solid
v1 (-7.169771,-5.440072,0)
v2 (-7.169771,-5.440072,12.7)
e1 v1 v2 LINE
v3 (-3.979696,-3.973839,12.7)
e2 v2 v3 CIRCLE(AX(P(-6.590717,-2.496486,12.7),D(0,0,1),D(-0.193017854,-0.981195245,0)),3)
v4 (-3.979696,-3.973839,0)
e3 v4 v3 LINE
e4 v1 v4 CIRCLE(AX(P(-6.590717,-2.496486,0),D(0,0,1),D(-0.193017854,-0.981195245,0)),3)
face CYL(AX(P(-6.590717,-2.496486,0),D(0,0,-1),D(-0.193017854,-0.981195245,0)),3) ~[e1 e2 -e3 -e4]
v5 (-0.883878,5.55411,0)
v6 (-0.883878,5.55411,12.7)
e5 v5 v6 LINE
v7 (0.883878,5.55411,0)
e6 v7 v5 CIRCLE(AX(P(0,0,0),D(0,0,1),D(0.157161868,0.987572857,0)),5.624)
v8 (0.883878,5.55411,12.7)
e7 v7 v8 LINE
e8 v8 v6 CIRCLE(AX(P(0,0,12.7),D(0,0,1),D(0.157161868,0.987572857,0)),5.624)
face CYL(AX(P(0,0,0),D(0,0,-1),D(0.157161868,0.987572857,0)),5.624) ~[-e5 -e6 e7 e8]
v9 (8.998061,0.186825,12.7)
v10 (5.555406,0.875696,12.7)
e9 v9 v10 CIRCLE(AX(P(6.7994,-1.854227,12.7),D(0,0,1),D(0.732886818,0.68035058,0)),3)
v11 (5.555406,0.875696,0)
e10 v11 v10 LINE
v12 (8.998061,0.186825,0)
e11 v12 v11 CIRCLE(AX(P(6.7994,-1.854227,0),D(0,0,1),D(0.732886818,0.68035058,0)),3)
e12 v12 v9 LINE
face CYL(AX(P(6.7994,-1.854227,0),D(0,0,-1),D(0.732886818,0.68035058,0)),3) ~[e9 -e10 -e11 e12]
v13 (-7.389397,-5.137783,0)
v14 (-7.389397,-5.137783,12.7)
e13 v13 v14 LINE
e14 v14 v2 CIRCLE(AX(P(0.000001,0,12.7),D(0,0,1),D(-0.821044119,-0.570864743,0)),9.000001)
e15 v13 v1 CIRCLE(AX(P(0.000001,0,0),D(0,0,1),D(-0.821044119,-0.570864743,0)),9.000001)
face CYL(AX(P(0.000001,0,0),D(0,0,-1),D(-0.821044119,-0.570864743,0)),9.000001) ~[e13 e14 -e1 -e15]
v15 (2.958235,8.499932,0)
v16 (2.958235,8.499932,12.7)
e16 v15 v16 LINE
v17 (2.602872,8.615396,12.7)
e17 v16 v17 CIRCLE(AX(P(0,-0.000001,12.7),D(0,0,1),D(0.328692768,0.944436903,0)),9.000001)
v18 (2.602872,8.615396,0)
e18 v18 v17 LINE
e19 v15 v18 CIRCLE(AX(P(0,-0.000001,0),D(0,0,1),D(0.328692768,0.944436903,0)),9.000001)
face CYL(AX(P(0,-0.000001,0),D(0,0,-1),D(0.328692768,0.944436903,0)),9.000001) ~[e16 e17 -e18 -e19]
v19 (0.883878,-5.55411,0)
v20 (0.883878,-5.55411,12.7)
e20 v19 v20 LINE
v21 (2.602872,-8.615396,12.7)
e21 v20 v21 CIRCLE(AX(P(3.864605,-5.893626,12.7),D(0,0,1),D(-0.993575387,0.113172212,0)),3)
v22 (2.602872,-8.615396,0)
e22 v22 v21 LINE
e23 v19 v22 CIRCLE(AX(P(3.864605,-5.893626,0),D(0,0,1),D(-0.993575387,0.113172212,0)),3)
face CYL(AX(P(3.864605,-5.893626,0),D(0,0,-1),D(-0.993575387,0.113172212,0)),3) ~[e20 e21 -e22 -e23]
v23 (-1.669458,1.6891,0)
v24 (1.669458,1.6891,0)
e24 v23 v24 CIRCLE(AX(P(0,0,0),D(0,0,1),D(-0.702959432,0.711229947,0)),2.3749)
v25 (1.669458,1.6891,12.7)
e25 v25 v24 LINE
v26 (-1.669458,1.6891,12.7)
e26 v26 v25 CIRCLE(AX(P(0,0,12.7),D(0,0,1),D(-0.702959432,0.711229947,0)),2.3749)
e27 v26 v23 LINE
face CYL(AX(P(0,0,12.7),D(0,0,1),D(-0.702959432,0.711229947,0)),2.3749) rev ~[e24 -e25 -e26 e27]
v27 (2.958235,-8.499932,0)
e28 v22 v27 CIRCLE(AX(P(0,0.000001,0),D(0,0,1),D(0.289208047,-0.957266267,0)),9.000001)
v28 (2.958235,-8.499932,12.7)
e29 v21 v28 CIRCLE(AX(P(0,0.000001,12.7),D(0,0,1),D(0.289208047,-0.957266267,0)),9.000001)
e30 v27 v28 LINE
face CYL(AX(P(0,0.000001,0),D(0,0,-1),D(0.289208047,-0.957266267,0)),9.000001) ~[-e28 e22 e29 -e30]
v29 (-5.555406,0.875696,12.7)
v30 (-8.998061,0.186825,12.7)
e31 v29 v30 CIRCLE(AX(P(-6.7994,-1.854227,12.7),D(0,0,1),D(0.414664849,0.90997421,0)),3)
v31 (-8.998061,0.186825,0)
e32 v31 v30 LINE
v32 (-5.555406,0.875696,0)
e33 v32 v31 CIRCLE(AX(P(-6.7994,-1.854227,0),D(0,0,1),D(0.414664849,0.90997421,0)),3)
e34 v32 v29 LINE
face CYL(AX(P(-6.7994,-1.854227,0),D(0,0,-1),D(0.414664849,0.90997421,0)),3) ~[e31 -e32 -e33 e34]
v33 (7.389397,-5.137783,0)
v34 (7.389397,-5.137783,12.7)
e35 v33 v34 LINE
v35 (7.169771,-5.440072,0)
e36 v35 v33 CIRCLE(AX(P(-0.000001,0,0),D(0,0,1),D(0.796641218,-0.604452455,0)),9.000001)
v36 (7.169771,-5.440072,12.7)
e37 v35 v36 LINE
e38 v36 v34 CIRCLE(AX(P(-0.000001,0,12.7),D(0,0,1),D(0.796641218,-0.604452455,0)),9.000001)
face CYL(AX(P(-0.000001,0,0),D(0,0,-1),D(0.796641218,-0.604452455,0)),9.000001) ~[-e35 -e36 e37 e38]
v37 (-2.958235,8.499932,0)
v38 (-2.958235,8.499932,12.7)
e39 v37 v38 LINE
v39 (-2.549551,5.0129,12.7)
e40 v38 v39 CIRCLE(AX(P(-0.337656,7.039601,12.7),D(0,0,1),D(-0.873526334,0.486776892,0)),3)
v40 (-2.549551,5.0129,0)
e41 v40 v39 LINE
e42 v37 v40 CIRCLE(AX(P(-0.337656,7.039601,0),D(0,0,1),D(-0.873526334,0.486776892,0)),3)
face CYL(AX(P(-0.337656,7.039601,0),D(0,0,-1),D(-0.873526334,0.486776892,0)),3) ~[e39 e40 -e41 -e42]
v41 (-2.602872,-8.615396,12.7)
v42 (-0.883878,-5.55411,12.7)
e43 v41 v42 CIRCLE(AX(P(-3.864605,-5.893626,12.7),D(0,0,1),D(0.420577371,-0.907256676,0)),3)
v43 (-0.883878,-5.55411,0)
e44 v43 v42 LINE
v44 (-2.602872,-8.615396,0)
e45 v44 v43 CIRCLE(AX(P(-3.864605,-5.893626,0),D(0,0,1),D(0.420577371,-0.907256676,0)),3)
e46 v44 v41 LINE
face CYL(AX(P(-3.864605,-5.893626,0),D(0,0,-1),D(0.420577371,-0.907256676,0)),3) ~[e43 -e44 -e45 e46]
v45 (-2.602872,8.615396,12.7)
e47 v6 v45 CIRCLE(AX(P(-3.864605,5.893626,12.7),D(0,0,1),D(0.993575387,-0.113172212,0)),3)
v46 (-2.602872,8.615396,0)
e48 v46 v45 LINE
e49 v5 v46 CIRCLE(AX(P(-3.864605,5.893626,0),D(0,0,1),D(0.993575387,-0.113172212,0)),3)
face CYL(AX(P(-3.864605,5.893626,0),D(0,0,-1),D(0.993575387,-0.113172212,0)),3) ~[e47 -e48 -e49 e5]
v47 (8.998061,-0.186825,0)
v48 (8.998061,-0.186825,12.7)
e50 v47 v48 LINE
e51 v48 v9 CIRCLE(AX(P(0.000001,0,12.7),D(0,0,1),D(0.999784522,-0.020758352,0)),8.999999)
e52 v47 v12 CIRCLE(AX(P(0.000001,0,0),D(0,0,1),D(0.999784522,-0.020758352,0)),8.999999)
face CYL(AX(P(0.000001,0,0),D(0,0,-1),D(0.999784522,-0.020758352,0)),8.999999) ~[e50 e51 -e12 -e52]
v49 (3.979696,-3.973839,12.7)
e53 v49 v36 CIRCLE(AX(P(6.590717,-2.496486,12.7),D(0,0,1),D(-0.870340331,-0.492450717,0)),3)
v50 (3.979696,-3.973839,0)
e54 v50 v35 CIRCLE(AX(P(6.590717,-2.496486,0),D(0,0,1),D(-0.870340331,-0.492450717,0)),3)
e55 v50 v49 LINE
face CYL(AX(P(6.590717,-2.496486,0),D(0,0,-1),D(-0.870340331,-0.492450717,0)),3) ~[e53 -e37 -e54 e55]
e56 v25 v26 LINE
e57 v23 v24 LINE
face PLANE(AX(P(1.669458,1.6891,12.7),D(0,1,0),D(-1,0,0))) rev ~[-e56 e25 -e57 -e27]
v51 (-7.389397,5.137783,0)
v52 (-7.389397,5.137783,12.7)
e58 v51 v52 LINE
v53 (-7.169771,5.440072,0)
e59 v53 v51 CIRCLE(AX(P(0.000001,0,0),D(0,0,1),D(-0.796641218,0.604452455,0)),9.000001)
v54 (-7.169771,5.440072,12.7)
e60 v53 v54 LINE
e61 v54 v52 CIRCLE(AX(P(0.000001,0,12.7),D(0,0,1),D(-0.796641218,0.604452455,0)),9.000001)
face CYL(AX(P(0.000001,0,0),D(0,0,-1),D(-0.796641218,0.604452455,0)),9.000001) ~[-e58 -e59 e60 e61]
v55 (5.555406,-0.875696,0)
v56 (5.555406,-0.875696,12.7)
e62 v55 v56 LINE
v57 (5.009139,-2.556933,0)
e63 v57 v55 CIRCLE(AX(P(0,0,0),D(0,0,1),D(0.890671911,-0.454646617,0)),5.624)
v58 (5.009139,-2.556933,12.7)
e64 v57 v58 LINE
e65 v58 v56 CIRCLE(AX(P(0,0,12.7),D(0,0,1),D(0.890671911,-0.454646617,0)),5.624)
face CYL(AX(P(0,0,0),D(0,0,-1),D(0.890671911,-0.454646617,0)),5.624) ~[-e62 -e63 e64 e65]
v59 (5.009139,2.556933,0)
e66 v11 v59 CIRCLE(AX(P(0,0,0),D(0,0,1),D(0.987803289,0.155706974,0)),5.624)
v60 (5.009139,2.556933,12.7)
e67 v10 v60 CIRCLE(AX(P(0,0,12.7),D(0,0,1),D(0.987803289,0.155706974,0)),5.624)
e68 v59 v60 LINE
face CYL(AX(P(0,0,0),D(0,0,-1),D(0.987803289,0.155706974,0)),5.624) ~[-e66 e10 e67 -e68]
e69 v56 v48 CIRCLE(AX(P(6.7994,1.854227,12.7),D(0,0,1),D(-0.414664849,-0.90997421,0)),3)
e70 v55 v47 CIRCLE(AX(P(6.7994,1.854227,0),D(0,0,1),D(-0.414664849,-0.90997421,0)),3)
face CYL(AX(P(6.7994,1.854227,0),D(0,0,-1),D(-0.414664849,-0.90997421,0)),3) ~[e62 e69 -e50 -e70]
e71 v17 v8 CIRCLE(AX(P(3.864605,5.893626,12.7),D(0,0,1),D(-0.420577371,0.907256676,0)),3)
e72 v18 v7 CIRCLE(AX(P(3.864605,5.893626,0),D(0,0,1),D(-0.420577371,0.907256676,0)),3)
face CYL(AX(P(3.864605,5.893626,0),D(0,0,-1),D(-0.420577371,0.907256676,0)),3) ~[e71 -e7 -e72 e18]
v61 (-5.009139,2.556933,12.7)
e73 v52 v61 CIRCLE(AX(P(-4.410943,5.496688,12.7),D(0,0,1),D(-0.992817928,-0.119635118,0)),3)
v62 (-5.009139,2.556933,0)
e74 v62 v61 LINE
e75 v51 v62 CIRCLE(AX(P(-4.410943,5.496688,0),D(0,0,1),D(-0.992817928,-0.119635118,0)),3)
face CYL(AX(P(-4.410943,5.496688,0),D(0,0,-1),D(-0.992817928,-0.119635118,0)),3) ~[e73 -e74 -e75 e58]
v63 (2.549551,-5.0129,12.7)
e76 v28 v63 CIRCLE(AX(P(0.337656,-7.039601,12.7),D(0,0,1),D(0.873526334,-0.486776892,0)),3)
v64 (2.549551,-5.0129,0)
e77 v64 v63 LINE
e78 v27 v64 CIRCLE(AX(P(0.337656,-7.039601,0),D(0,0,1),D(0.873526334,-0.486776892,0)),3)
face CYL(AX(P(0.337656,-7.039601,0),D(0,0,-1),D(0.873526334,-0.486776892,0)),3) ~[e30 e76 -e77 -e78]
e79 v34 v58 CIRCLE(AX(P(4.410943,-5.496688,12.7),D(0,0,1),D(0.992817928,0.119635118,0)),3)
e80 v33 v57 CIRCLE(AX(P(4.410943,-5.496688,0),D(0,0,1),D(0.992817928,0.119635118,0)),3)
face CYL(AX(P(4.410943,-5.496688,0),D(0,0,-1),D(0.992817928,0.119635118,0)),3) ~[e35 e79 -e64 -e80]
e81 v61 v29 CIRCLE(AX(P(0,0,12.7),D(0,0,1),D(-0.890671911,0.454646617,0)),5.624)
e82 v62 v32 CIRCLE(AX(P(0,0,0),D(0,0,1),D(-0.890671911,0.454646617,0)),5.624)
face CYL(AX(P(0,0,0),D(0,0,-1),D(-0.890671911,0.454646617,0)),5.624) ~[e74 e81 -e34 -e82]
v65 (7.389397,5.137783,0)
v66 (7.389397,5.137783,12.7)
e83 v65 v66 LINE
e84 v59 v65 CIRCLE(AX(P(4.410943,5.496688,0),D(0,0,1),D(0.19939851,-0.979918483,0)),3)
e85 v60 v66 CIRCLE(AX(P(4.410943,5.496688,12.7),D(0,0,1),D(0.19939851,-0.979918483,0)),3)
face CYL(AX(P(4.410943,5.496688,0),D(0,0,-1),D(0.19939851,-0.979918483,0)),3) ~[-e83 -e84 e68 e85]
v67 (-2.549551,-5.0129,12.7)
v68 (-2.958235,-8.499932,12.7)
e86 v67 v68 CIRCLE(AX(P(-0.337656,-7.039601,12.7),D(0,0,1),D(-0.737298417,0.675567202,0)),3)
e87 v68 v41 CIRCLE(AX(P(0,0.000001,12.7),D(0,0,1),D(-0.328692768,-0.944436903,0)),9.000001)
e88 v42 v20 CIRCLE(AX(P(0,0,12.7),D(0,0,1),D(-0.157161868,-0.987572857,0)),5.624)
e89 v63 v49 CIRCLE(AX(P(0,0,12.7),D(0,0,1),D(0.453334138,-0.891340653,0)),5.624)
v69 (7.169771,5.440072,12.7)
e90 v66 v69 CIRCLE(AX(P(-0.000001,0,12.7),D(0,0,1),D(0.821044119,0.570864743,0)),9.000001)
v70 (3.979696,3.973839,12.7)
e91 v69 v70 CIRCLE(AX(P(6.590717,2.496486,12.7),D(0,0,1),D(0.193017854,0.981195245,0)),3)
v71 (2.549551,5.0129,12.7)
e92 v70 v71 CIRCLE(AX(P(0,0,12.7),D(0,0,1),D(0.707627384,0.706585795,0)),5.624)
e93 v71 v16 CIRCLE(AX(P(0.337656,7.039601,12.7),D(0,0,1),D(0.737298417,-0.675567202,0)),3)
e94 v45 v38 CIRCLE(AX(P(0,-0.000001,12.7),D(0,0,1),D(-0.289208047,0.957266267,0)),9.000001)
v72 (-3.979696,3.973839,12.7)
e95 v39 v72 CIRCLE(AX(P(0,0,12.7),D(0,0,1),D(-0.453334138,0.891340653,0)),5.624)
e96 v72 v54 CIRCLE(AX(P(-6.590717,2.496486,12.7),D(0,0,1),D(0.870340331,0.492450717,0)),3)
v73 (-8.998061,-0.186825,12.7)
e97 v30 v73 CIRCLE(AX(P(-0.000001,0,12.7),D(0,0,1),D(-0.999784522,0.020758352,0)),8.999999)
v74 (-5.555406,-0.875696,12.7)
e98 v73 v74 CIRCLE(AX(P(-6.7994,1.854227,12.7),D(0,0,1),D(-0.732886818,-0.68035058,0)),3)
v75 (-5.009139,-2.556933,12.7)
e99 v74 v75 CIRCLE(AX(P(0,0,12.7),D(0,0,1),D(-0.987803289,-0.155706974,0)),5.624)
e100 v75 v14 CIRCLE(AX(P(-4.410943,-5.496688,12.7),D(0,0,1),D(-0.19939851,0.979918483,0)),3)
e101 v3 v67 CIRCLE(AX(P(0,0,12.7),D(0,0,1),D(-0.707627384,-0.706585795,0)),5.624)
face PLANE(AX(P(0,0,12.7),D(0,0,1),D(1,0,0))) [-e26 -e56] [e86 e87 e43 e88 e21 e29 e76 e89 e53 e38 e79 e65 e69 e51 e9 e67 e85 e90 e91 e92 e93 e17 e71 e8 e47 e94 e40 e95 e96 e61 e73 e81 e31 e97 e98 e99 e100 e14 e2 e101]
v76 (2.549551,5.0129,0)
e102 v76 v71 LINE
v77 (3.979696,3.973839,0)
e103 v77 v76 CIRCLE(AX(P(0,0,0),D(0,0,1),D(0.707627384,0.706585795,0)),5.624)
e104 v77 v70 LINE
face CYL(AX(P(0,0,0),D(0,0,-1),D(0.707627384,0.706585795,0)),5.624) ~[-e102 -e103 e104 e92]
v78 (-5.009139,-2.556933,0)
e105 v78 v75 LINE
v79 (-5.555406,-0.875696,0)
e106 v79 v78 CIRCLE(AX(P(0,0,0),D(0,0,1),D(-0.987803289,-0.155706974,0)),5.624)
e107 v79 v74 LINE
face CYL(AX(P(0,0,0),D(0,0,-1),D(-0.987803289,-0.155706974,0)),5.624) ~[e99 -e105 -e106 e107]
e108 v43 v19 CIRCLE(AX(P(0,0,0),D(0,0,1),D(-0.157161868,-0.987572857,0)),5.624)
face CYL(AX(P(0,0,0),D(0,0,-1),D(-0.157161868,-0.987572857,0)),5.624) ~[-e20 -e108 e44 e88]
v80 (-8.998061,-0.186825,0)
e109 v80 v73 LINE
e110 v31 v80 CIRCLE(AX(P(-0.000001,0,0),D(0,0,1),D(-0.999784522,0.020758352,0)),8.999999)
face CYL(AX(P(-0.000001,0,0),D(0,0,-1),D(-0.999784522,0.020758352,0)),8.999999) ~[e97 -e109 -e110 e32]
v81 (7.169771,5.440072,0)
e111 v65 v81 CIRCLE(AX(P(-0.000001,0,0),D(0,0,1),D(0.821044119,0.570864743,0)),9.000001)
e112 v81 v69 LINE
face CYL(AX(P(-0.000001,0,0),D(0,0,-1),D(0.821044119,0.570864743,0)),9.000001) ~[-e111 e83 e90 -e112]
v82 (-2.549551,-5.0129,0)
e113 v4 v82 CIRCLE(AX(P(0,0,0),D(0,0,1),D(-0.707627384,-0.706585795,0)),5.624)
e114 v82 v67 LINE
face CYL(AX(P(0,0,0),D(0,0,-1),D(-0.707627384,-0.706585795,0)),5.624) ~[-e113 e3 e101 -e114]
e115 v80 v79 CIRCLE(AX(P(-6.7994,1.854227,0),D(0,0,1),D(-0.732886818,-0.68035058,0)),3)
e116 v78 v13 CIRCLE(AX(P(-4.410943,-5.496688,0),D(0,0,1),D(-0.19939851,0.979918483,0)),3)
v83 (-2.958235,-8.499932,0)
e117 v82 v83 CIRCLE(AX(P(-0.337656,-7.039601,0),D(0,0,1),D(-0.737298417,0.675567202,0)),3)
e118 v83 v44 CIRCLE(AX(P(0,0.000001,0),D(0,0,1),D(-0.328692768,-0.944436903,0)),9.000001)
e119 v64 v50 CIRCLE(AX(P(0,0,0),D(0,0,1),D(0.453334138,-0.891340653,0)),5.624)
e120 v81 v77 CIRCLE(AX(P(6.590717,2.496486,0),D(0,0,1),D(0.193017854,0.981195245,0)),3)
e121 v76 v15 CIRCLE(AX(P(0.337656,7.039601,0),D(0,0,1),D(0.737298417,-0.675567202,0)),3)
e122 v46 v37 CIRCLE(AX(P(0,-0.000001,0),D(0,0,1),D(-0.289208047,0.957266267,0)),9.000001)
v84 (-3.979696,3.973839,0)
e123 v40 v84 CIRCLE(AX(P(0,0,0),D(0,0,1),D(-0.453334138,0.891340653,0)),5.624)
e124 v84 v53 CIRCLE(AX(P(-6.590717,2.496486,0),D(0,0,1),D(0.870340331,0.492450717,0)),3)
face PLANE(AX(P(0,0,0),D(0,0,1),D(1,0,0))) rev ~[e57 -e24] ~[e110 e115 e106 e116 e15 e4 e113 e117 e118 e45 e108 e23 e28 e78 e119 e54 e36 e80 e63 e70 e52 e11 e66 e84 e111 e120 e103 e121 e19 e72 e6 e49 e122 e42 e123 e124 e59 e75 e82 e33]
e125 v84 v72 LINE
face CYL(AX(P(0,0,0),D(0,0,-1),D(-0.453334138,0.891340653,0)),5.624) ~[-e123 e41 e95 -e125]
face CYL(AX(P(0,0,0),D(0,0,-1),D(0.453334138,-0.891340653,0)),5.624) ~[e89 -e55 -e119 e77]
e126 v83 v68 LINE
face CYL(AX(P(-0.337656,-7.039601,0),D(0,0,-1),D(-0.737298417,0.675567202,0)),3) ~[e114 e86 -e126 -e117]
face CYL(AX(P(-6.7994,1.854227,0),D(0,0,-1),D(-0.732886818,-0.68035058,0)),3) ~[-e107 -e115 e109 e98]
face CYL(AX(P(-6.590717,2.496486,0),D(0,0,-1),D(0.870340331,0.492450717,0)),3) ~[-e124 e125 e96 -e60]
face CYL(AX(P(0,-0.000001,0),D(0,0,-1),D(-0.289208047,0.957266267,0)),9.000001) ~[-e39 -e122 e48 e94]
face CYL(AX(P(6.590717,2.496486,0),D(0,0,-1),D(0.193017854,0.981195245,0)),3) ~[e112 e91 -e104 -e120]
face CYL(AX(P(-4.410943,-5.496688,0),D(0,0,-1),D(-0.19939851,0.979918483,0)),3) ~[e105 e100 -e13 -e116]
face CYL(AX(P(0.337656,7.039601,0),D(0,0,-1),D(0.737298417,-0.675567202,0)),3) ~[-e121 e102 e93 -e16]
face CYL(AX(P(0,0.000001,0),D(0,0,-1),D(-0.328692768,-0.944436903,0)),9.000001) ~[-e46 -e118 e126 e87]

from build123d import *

# Parameters (mm, degrees)
BOSS_EXTRUDE1_DEPTH = 12.7
CUT_EXTRUDE1_REACH  = 19.791


with BuildPart() as part:
    # Sketch1 → Boss-Extrude1 (new body)
    with BuildSketch(Plane.XY):
        with BuildLine():
            ThreePointArc((-7.16977096, 5.440072093), (-7.281152949, 5.290067271), (-7.389397086, 5.137782665))
            ThreePointArc((-7.389397086, 5.137782665), (-6.616232826, 3.46280058), (-5.009138832, 2.556932568))
            ThreePointArc((-5.009138832, 2.556932568), (-5.348741848, 1.737911576), (-5.555405697, 0.875696031))
            ThreePointArc((-5.555405697, 0.875696031), (-7.388027907, 1.087459563), (-8.9980607, 0.186825141))
            ThreePointArc((-8.9980607, 0.186825141), (-9, 0), (-8.9980607, -0.186825141))
            ThreePointArc((-8.9980607, -0.186825141), (-7.388027907, -1.087459563), (-5.555405697, -0.875696031))
            ThreePointArc((-5.555405697, -0.875696031), (-5.348741848, -1.737911576), (-5.009138832, -2.556932568))
            ThreePointArc((-5.009138832, -2.556932568), (-6.616232826, -3.46280058), (-7.389397086, -5.137782665))
            ThreePointArc((-7.389397086, -5.137782665), (-7.281152949, -5.290067271), (-7.16977096, -5.440072093))
            ThreePointArc((-7.16977096, -5.440072093), (-5.337847438, -5.222347115), (-3.979696407, -3.97383851))
            ThreePointArc((-3.979696407, -3.97383851), (-3.305704259, -4.549911576), (-2.549551188, -5.012899834))
            ThreePointArc((-2.549551188, -5.012899834), (-3.317261682, -6.690388598), (-2.958234941, -8.49993212))
            ThreePointArc((-2.958234941, -8.49993212), (-2.781152949, -8.559508647), (-2.602872405, -8.615396407))
            ThreePointArc((-2.602872405, -8.615396407), (-1.248790674, -7.362475569), (-0.883878355, -5.554109745))
            ThreePointArc((-0.883878355, -5.554109745), (0, -5.624), (0.883878355, -5.554109745))
            ThreePointArc((0.883878355, -5.554109745), (1.248790674, -7.362475569), (2.602872405, -8.615396407))
            ThreePointArc((2.602872405, -8.615396407), (2.781152949, -8.559508647), (2.958234941, -8.49993212))
            ThreePointArc((2.958234941, -8.49993212), (3.317261682, -6.690388598), (2.549551188, -5.012899834))
            ThreePointArc((2.549551188, -5.012899834), (3.305704259, -4.549911576), (3.979696407, -3.97383851))
            ThreePointArc((3.979696407, -3.97383851), (5.337847438, -5.222347115), (7.16977096, -5.440072093))
            ThreePointArc((7.16977096, -5.440072093), (7.281152949, -5.290067271), (7.389397086, -5.137782665))
            ThreePointArc((7.389397086, -5.137782665), (6.616232826, -3.46280058), (5.009138832, -2.556932568))
            ThreePointArc((5.009138832, -2.556932568), (5.348741848, -1.737911576), (5.555405697, -0.875696031))
            ThreePointArc((5.555405697, -0.875696031), (7.388027907, -1.087459563), (8.9980607, -0.186825141))
            ThreePointArc((8.9980607, -0.186825141), (9, 0), (8.9980607, 0.186825141))
            ThreePointArc((8.9980607, 0.186825141), (7.388027907, 1.087459563), (5.555405697, 0.875696031))
            ThreePointArc((5.555405697, 0.875696031), (5.348741848, 1.737911576), (5.009138832, 2.556932568))
            ThreePointArc((5.009138832, 2.556932568), (6.616232826, 3.46280058), (7.389397086, 5.137782665))
            ThreePointArc((7.389397086, 5.137782665), (7.281152949, 5.290067271), (7.16977096, 5.440072093))
            ThreePointArc((7.16977096, 5.440072093), (5.337847438, 5.222347115), (3.979696407, 3.97383851))
            ThreePointArc((3.979696407, 3.97383851), (3.305704259, 4.549911576), (2.549551188, 5.012899834))
            ThreePointArc((2.549551188, 5.012899834), (3.317261682, 6.690388598), (2.958234941, 8.49993212))
            ThreePointArc((2.958234941, 8.49993212), (2.781152949, 8.559508647), (2.602872405, 8.615396407))
            ThreePointArc((2.602872405, 8.615396407), (1.248790674, 7.362475569), (0.883878355, 5.554109745))
            ThreePointArc((0.883878355, 5.554109745), (0, 5.624), (-0.883878355, 5.554109745))
            ThreePointArc((-0.883878355, 5.554109745), (-1.248790674, 7.362475569), (-2.602872405, 8.615396407))
            ThreePointArc((-2.602872405, 8.615396407), (-2.781152949, 8.559508647), (-2.958234941, 8.49993212))
            ThreePointArc((-2.958234941, 8.49993212), (-3.317261682, 6.690388598), (-2.549551188, 5.012899834))
            ThreePointArc((-2.549551188, 5.012899834), (-3.305704259, 4.549911576), (-3.979696407, 3.97383851))
            ThreePointArc((-3.979696407, 3.97383851), (-5.337847438, 5.222347115), (-7.16977096, 5.440072093))
        make_face()
    extrude(amount=BOSS_EXTRUDE1_DEPTH)

    # Sketch2 → Cut-Extrude1 (cut, up to next)
    with BuildSketch(Plane.XY.offset(12.7), mode=Mode.PRIVATE) as cut_extrude1_sk1:
        with BuildLine():
            Line((1.669458355, 1.6891), (-1.669458355, 1.6891))
            ThreePointArc((-1.669458355, 1.6891), (0, -2.3749), (1.669458355, 1.6891))
        make_face()
    cut_extrude1_tool1 = extrude(cut_extrude1_sk1.sketch, amount=-CUT_EXTRUDE1_REACH, mode=Mode.PRIVATE) & part.part
    add(cut_extrude1_tool1.solids().sort_by_distance((0, -0.192165, 12.7))[0], mode=Mode.SUBTRACT)


solid = part.part
